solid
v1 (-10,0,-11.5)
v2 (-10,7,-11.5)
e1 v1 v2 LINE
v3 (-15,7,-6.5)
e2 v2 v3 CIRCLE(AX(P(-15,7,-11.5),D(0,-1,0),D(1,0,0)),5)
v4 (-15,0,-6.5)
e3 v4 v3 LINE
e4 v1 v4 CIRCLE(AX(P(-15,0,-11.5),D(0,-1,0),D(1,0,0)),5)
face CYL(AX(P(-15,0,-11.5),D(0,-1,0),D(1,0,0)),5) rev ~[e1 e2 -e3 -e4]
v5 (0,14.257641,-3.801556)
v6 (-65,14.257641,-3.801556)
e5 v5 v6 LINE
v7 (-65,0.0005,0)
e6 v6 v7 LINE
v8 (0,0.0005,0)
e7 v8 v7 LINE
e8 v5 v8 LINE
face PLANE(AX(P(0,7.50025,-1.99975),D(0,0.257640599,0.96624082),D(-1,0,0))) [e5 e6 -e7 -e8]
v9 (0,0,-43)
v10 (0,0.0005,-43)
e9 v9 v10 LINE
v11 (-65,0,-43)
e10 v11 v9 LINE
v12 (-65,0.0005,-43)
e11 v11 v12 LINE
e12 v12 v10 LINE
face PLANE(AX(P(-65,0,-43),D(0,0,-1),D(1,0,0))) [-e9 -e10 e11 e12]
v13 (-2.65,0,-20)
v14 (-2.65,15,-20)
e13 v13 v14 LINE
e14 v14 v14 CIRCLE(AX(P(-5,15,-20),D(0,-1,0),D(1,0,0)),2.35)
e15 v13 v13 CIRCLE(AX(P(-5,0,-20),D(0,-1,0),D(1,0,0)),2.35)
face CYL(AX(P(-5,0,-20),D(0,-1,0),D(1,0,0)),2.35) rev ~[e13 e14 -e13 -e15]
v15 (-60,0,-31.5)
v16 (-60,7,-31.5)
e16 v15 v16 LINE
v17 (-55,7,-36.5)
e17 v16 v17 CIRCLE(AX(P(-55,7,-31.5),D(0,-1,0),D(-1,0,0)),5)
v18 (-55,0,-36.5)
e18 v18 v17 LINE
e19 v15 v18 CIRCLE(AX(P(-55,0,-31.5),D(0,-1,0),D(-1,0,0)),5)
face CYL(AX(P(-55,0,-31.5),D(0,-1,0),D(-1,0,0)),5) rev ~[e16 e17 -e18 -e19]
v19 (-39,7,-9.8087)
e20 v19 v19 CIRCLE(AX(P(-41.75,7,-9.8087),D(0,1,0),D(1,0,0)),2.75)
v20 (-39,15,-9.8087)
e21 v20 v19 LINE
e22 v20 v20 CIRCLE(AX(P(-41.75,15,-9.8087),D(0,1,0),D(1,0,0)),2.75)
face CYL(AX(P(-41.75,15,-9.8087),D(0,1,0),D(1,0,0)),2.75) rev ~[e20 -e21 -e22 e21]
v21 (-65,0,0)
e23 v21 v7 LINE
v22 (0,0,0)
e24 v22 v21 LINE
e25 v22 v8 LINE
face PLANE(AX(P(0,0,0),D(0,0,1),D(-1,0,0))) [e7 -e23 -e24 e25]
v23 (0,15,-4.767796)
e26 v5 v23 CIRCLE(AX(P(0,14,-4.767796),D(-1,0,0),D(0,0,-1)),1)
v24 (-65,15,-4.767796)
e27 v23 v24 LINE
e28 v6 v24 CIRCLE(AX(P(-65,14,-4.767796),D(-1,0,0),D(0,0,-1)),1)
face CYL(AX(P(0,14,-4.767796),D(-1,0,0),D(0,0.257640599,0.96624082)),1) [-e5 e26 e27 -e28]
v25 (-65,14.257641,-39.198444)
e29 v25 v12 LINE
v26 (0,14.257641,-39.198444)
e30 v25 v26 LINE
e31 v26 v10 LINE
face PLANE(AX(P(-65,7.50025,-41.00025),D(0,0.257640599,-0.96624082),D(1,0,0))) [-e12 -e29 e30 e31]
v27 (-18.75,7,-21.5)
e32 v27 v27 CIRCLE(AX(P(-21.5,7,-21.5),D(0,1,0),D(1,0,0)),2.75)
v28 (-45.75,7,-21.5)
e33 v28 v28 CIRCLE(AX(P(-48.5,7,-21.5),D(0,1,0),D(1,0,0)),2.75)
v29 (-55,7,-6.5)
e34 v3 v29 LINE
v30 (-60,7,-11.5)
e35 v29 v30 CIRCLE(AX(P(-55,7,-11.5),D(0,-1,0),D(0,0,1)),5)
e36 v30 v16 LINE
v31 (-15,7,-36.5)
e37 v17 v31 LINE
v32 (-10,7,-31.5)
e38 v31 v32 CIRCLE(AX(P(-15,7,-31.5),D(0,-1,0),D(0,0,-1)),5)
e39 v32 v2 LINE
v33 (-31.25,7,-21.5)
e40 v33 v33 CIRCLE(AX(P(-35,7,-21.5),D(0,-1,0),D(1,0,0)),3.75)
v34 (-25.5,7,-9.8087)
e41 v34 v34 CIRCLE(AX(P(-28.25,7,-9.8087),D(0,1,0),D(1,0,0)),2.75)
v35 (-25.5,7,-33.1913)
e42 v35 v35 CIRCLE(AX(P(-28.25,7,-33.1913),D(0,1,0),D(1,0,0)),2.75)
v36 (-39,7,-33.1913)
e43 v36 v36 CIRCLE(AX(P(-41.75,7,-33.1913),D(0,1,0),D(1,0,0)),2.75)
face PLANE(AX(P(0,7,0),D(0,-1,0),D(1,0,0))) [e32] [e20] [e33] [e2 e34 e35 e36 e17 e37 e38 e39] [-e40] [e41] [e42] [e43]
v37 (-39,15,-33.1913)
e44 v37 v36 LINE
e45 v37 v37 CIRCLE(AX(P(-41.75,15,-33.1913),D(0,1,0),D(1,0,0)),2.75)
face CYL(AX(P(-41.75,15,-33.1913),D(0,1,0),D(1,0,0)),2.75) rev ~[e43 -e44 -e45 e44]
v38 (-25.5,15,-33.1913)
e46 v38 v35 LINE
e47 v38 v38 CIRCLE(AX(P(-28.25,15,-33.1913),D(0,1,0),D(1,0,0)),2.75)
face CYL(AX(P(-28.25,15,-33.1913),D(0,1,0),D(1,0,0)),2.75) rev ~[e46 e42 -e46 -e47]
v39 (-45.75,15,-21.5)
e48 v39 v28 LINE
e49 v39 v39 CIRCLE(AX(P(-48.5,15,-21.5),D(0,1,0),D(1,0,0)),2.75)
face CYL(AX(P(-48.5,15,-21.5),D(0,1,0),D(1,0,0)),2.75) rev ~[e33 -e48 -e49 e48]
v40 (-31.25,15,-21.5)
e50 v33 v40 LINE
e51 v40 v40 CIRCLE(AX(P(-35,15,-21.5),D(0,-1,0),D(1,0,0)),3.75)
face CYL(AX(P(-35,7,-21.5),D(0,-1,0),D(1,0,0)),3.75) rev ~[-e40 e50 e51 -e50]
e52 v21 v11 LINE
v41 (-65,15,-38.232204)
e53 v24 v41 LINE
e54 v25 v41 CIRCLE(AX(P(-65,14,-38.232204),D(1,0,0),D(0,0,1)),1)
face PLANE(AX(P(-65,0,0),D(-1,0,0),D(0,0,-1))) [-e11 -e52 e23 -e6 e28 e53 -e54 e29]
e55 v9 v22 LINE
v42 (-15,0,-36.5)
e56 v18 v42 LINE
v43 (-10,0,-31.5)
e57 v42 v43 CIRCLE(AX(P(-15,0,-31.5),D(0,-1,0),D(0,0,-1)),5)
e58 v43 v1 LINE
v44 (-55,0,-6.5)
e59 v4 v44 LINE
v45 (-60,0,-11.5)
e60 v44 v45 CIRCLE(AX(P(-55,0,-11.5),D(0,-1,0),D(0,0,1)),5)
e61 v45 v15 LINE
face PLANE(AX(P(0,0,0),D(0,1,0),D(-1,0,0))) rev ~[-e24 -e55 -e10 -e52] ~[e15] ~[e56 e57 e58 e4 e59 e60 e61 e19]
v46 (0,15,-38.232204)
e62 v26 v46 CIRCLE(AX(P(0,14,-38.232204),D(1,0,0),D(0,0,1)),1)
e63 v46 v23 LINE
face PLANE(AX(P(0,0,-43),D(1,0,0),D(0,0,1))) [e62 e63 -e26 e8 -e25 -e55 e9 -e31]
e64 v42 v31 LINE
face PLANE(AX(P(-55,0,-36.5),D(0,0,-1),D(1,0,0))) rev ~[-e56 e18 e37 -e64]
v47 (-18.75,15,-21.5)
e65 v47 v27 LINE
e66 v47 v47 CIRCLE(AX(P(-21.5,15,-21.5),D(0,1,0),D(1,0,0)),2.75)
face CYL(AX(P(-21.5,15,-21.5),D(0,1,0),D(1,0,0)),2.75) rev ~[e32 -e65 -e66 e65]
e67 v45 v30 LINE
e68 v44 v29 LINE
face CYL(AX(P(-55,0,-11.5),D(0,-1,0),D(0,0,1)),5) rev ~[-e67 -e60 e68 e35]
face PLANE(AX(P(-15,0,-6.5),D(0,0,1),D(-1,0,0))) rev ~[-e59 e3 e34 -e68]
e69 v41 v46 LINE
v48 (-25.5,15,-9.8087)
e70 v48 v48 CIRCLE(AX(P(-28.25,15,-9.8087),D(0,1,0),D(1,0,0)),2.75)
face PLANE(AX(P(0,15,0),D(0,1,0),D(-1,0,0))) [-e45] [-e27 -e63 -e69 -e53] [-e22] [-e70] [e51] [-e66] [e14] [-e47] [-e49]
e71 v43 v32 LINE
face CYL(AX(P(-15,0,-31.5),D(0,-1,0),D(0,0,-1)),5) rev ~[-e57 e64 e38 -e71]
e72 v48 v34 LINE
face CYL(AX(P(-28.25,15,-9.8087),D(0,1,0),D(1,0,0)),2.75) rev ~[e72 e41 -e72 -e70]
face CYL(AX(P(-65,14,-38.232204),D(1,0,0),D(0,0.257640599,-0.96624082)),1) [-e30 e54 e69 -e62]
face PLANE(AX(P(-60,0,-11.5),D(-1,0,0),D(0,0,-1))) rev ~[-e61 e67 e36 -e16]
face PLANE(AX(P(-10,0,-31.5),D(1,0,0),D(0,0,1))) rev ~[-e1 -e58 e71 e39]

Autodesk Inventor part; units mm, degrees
ref_plane "YZ Plane" through (0, 0, 0) normal (1, 0, 0) x (0, 1, 0)
ref_plane "XZ Plane" through (0, 0, 0) normal (0, 1, 0) x (-1, 0, 0)
ref_plane "XY Plane" through (0, 0, 0) normal (0, 0, 1) x (1, 0, 0)
sketch "Sketch1" plane through (0, 0, 0) normal (0, 1, 0) x (-1, 0, 0)
  line L0 (0, 0) -> (65, 0)
  line L1 (65, 0) -> (65, -43)
  line L2 (65, -43) -> (0, -43)
  line L3 (0, -43) -> (0, 0)
  dimension "d0" = 65
  dimension "d1" = 43
extrude "Extrusion1" add sketch "Sketch1" along normal blind 15
sketch "Sketch2" plane through (0, 0, 0) normal (0, -1, 0) x (1, 0, 0)
  line L0 (-55, -36.5) -> (-15, -36.5)
  line L1 (-10, -31.5) -> (-10, -11.5)
  line L2 (-15, -6.5) -> (-55, -6.5)
  line L3 (-60, -11.5) -> (-60, -31.5)
  line L4 (-65, 0) -> (0, 0) projected
  line L5 (0, -43) -> (-65, -43) projected
  line L6 (0, 0) -> (0, -43) projected
  line L7 (-65, -43) -> (-65, 0) projected
  arc A0 (-10, -11.5) -> (-15, -6.5) centre (-15, -11.5) ccw
  arc A1 (-55, -6.5) -> (-60, -11.5) centre (-55, -11.5) ccw
  arc A2 (-60, -31.5) -> (-55, -36.5) centre (-55, -31.5) ccw
  arc A3 (-15, -36.5) -> (-10, -31.5) centre (-15, -31.5) ccw
  dimension "d4" = 6.5
  dimension "d5" = 6.5
  dimension "d6" = 10
  dimension "d7" = 5
  dimension "d8" = 5
extrude "Extrusion2" cut sketch "Sketch2" against normal blind 7 contours A2 L3 A1 L2 A0 L1 A3 L0
sketch "Sketch3" plane through (0, 7, 0) normal (0, -1, 0) x (1, 0, 0)
  circle A0 centre (-35, -21.5) radius 3.75
  line L0 (-10, -11.5) -> (-10, -31.5) projected
  line L1 (-15, -36.5) -> (-55, -36.5) projected
  point P0 (0, 0)
  dimension "d11" = 7.5
  dimension "d12" = 25
  dimension "d13" = 15
extrude "Extrusion3" cut sketch "Sketch3" against normal blind 8
thread "Thread1" size "3/8-16 UNC" class "2B" standard "ANSI Unified Screw Threads" full length
sketch "Sketch4" plane through (0, 0, 0) normal (0, -1, 0) x (1, 0, 0)
  circle A0 centre (-5, -20) radius 2.35
  line L0 (-65, 0) -> (0, 0) projected
  line L1 (0, 0) -> (0, -43) projected
  dimension "d18" = 4.7
  dimension "d19" = 20
  dimension "d20" = 5
extrude "Extrusion4" cut sketch "Sketch4" against normal blind 15
thread "Thread2" size "12-24 UNC" class "2B" standard "ANSI Unified Screw Threads" full length
chamfer "Chamfer1" distance 4 distance2 15 2 edges at (-32.5, 15, -43) (-32.5, 15, 0) measured on face at (-33.1827, 15, -37.0742)
fillet "Fillet1" radius 1 2 edges at (-32.5, 15, -39.0005) (-32.5, 15, -3.9995)
sketch "Sketch5" plane through (0, 15, 0) normal (0, 1, 0) x (1, 0, 0)
  circle A0 centre (-21.5, 21.5) radius 2.75
  circle A1 centre (-35, 21.5) radius 3.75 projected
  circle A2 centre (-28.25, 33.1913) radius 2.75
  circle A3 centre (-41.75, 33.1913) radius 2.75
  circle A4 centre (-48.5, 21.5) radius 2.75
  circle A5 centre (-41.75, 9.8087) radius 2.75
  circle A6 centre (-28.25, 9.8087) radius 2.75
  point P0 (0, 0)
  dimension "d29" = 5.5
  dimension "d30" = 13.5
  dimension "d33" = 360
extrude "Extrusion5" cut sketch "Sketch5" against normal blind 15 contours A0 | A2 | A3 | A4 | A5 | A6
properties part number "Wedge-Dove tail"
